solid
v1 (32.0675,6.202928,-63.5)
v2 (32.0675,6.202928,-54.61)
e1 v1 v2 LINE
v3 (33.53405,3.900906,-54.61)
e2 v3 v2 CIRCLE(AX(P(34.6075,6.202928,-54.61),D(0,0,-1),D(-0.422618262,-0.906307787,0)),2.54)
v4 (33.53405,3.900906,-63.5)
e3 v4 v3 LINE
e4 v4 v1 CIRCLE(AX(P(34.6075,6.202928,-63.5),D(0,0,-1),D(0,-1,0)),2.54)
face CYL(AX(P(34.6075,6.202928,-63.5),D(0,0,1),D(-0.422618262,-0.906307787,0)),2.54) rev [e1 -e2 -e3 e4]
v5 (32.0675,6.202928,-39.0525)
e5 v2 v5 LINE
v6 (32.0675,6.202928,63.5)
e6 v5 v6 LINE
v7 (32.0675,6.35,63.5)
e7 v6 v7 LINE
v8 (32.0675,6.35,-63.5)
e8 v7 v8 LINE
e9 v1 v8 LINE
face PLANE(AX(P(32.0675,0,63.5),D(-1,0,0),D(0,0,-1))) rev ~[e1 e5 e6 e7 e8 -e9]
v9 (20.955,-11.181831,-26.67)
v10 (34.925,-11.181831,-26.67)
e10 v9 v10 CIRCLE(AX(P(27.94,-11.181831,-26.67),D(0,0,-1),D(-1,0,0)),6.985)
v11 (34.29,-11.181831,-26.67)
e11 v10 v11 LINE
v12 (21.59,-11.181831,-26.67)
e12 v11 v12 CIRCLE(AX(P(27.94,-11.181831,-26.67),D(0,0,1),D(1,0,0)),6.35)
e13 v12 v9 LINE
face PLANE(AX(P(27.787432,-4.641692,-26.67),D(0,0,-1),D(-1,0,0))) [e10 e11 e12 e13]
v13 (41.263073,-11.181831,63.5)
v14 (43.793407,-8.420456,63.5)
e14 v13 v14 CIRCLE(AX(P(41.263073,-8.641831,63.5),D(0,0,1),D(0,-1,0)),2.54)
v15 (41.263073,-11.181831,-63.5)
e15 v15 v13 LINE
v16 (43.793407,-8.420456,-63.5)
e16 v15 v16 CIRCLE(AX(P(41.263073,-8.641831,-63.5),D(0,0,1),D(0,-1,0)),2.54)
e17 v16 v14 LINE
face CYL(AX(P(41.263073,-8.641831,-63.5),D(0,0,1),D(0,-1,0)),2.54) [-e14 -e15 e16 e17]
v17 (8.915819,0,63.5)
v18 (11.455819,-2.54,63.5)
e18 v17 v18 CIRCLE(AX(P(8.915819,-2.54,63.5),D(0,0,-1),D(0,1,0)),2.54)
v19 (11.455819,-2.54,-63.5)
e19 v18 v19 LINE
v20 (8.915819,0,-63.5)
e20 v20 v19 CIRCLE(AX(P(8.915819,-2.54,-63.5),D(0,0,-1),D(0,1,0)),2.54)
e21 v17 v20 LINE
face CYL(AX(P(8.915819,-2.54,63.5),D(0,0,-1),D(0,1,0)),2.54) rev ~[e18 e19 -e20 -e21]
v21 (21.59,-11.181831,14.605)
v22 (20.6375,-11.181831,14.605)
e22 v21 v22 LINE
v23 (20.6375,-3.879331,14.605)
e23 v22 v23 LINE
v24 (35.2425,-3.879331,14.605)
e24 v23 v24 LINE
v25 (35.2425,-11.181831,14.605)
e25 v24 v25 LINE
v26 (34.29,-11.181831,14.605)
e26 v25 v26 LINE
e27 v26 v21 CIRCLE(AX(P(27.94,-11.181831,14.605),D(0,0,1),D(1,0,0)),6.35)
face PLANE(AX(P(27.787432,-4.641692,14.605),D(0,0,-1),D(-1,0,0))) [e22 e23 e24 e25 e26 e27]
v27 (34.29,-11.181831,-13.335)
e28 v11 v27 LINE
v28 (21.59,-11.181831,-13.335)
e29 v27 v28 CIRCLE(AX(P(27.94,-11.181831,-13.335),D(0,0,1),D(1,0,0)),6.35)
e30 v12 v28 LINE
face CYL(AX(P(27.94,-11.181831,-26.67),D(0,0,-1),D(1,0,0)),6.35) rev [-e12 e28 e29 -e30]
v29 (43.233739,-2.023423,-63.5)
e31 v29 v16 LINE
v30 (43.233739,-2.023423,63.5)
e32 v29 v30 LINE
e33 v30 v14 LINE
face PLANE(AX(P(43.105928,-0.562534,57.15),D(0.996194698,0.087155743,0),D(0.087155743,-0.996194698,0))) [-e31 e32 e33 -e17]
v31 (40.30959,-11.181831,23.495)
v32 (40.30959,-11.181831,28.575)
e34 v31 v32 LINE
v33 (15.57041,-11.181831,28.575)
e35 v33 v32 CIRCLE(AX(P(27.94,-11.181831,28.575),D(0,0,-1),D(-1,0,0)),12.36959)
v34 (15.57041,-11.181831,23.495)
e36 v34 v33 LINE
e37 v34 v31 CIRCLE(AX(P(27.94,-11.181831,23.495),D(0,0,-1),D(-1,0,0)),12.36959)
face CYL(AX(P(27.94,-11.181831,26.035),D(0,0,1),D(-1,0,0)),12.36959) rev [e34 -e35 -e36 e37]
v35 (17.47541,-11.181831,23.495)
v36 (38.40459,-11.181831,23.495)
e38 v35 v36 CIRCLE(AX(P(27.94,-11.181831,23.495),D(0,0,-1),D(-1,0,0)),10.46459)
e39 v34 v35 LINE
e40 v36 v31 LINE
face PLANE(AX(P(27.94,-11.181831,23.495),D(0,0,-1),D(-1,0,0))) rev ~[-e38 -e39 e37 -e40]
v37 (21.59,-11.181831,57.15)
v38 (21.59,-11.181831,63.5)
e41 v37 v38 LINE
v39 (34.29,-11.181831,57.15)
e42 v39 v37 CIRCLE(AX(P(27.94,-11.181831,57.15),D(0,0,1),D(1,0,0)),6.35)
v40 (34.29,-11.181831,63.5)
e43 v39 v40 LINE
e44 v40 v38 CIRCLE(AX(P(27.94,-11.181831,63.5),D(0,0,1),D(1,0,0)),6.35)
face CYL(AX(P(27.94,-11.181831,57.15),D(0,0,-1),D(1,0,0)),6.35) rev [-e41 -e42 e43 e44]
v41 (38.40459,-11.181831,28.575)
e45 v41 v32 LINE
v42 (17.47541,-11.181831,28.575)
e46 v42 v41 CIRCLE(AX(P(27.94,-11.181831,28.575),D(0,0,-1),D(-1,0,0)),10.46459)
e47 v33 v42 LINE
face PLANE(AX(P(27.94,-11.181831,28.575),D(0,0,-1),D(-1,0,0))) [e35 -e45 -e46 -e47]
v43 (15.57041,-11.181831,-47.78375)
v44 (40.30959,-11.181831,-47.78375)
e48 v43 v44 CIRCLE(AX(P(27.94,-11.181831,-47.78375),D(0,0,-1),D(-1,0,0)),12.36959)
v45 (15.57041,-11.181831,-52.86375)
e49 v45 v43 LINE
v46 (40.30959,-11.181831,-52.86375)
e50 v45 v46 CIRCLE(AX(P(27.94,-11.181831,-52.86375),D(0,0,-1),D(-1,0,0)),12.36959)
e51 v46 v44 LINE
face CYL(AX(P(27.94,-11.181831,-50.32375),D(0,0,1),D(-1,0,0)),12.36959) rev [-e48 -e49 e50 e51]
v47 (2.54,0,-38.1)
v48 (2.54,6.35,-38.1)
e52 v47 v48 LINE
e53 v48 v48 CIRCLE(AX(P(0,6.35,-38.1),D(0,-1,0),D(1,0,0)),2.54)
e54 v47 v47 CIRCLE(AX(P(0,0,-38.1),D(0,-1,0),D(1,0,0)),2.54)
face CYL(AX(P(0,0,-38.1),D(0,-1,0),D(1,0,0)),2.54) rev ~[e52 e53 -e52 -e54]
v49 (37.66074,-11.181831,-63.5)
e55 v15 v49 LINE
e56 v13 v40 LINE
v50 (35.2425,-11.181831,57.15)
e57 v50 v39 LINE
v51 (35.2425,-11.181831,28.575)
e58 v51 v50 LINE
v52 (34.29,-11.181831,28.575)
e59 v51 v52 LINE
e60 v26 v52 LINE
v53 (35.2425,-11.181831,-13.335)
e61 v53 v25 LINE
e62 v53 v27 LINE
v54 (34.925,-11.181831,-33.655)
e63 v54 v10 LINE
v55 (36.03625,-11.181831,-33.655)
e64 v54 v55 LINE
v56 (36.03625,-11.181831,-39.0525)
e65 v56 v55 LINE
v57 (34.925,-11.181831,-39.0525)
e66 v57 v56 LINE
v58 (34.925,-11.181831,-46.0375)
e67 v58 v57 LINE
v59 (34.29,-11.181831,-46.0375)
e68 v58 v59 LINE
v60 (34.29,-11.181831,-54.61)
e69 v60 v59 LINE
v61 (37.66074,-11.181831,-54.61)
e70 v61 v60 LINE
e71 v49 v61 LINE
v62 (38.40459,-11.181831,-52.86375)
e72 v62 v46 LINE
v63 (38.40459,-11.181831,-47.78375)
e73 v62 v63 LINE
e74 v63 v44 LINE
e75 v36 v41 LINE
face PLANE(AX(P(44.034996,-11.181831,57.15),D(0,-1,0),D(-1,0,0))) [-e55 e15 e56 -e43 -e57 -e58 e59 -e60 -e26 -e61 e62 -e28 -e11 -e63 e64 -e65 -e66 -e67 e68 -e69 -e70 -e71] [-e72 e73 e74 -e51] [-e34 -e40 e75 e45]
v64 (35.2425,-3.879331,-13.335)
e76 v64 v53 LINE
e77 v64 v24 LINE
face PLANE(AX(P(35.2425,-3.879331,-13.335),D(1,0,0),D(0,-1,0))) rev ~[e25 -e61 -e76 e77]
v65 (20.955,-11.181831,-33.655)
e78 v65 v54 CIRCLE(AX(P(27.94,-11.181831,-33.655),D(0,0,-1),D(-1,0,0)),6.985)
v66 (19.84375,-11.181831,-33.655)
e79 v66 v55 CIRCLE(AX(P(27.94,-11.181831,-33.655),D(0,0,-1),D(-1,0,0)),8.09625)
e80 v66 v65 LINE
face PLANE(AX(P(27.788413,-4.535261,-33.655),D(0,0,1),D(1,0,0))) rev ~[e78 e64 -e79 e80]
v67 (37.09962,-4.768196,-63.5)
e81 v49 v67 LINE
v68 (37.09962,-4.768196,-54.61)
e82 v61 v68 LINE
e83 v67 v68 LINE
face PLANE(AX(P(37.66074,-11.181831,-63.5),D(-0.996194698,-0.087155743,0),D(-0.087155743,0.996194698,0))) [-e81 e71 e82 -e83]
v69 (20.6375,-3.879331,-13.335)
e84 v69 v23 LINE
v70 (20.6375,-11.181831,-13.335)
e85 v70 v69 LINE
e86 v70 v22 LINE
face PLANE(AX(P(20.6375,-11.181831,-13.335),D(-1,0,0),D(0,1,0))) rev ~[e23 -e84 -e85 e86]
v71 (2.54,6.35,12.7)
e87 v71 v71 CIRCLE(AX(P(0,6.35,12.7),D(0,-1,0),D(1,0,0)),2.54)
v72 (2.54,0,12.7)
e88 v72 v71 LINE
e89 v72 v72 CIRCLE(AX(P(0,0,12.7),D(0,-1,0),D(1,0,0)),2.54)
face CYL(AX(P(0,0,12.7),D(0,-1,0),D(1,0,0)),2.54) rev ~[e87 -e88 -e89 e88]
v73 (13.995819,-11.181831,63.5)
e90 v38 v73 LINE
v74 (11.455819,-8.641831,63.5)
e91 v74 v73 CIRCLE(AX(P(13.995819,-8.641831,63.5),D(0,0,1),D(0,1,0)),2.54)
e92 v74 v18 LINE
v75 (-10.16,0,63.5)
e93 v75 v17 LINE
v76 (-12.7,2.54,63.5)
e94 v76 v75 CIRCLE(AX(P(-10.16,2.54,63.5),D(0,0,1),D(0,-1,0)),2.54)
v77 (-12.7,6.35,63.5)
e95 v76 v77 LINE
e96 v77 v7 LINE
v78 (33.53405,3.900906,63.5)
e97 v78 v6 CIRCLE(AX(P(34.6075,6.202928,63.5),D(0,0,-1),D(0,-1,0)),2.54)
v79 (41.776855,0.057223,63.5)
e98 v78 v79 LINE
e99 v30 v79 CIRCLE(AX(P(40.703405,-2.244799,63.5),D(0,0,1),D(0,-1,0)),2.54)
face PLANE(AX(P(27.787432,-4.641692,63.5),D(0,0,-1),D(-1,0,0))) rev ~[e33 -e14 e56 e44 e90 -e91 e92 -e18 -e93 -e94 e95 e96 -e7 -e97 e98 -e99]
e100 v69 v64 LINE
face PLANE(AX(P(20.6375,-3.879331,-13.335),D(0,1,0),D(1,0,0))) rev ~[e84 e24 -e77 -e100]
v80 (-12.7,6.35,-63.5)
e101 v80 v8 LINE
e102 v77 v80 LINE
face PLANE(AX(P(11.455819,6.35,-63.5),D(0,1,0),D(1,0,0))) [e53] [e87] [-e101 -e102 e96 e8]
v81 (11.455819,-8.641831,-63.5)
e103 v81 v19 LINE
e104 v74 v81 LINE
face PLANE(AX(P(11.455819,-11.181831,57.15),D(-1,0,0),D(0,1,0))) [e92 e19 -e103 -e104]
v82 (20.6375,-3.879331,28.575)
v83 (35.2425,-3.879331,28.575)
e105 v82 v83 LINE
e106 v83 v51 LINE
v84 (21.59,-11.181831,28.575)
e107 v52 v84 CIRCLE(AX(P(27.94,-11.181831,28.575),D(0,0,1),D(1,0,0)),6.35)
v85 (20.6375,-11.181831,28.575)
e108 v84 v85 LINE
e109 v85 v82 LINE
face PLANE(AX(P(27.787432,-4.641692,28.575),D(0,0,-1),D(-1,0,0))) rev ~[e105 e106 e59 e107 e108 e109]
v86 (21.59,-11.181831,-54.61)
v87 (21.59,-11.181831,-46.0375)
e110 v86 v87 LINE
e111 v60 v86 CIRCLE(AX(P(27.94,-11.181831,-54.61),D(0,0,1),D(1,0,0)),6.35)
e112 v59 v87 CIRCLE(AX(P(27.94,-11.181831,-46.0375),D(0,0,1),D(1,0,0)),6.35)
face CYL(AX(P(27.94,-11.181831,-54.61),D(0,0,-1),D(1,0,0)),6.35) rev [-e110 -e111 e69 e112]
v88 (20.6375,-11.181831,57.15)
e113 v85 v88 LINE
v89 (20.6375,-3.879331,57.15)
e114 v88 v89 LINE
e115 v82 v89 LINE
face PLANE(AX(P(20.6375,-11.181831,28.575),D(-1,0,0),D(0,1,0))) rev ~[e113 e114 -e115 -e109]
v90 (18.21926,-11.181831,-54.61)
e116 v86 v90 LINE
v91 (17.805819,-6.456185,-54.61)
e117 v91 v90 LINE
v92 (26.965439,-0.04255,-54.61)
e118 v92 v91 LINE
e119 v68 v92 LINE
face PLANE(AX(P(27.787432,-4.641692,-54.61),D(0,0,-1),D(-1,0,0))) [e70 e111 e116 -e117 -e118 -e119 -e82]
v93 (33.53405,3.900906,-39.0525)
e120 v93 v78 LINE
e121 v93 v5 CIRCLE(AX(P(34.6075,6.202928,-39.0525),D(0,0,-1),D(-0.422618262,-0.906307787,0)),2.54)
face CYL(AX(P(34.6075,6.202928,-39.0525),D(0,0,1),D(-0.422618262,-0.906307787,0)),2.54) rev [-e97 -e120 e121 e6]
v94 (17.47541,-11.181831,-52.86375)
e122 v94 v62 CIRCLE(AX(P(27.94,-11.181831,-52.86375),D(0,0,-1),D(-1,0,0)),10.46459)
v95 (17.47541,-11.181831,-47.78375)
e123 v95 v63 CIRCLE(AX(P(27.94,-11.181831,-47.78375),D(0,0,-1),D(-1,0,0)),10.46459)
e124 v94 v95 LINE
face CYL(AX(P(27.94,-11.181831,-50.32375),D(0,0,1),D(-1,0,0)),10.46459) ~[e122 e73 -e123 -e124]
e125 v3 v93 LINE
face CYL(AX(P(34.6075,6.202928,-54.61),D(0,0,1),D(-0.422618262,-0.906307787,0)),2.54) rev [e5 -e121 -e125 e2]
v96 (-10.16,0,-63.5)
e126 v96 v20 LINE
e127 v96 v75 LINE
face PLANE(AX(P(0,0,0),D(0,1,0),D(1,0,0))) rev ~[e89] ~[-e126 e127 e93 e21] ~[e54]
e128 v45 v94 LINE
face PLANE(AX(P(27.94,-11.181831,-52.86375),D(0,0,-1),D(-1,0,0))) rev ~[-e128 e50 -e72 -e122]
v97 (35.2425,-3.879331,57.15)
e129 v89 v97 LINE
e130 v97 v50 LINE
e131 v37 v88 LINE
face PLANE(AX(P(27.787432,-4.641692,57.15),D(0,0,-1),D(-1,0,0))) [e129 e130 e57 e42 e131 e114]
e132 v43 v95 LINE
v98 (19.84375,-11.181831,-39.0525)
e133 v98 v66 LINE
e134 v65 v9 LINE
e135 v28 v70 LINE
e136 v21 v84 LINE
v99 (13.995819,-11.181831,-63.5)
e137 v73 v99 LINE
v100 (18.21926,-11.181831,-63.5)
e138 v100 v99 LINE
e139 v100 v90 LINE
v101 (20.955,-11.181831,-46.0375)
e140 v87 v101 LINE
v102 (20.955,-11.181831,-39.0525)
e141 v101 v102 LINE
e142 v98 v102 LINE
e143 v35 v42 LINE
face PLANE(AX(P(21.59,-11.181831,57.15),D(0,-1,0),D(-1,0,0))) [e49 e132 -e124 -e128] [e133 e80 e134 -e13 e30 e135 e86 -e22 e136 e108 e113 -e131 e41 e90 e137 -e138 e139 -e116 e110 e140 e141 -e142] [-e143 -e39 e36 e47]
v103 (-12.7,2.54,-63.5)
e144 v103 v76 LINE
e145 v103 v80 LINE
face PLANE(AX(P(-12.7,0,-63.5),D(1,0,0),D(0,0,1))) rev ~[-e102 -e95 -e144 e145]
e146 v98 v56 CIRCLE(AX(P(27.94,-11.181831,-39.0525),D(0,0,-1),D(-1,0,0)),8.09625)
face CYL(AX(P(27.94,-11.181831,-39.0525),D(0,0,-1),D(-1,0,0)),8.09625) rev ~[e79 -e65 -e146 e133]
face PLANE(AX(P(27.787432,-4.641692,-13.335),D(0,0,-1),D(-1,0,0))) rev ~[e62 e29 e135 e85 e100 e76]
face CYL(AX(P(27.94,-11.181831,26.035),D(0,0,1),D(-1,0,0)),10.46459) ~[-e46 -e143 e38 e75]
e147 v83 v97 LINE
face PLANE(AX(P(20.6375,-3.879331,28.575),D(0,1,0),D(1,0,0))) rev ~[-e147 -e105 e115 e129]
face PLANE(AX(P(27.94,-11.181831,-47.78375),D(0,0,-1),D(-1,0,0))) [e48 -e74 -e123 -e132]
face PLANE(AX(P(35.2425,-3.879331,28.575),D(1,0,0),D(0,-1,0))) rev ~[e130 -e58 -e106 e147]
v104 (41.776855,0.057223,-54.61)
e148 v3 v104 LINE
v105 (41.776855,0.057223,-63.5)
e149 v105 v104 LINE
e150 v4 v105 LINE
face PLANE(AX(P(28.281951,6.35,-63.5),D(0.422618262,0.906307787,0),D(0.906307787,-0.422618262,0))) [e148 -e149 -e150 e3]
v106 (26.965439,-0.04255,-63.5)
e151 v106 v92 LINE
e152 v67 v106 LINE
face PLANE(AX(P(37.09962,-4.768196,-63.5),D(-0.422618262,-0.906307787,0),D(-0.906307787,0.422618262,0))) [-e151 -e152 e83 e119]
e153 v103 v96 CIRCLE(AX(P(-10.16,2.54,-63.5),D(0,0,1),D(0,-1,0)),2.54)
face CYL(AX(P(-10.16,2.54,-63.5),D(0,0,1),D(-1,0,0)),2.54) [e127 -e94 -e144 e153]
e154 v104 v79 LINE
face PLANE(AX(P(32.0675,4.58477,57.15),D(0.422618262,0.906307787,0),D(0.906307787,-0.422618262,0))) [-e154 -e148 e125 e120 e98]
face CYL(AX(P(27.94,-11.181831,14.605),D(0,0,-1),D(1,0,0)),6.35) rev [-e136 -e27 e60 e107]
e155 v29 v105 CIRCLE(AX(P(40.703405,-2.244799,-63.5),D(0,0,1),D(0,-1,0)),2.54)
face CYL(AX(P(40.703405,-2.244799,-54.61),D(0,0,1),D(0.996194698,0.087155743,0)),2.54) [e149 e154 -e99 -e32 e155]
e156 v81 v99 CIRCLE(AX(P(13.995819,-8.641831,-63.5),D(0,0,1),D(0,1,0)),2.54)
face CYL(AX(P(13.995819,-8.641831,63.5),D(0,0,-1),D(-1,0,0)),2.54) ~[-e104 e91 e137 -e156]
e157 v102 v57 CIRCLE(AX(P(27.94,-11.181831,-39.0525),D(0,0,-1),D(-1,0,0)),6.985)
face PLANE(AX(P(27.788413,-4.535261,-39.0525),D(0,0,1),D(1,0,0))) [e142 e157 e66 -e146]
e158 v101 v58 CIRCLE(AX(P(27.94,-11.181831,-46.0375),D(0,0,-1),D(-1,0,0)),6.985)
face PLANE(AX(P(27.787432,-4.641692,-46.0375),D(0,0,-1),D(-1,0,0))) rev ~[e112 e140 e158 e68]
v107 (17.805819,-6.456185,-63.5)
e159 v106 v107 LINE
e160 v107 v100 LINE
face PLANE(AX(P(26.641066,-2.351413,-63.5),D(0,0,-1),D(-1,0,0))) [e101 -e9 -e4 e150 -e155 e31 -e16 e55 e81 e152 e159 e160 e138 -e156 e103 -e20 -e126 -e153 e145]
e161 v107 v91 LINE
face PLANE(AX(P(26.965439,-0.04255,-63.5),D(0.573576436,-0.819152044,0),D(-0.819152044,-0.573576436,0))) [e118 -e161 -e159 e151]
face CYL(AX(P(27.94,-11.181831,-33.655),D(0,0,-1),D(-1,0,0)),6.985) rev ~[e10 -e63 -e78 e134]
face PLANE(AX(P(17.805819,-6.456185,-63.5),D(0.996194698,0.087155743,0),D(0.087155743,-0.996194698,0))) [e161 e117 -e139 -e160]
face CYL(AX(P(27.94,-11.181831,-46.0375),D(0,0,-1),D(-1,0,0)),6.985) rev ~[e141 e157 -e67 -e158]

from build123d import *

# Parameters (mm, degrees)
SKETCH1_W            = 64.135
SKETCH1_H            = 127
BOSS_EXTRUDE1_DEPTH  = 6.35
BOSS_EXTRUDE13_DEPTH = 8.89
BOSS_EXTRUDE14_DEPTH = 8.5725
BOSS_EXTRUDE15_DEPTH = 6.985
BOSS_EXTRUDE16_DEPTH = 5.3975
BOSS_EXTRUDE17_START = 12.3825
BOSS_EXTRUDE17_DEPTH = 6.985
BOSS_EXTRUDE18_START = 27.94
BOSS_EXTRUDE18_DEPTH = 13.335
BOSS_EXTRUDE19_DEPTH = 27.94
BOSS_EXTRUDE20_START = 69.215
BOSS_EXTRUDE20_DEPTH = 13.97
BOSS_EXTRUDE21_START = 41.91
BOSS_EXTRUDE21_DEPTH = 28.575
BOSS_EXTRUDE22_START = 111.76
BOSS_EXTRUDE22_DEPTH = 6.35
SKETCH18_R           = 2.54
SKETCH18_W           = 19.3675
SKETCH18_H           = 127
CUT_EXTRUDE5_DEPTH   = 7.35
SKETCH20_W           = 1.905
SKETCH20_H           = 5.08
FILLET3_R            = 2.54


with BuildPart() as part:
    # Sketch1 → Boss-Extrude1 (new body)
    with BuildSketch(Plane(origin=(0, 0, 0), x_dir=(1, 0, 0), z_dir=(0, 1, 0))):
        Rectangle(SKETCH1_W, SKETCH1_H)
    extrude(amount=BOSS_EXTRUDE1_DEPTH)

    # Sketch12 → Boss-Extrude13 (add)
    with BuildSketch(Plane(origin=(0, 0, -63.5), x_dir=(-1, 0, 0), z_dir=(0, 0, -1))):
        Polygon((-37.660740352, -11.181831339), (-37.09962, -4.768196367), (-26.965439184, -0.042550244), (-17.805819185, -6.456185215), (-18.219259648, -11.181831339), (-11.455819185, -11.181831339), (-11.455819185, 6.35), (-28.281950999, 6.35), (-43.105928196, -0.562534091), (-44.03499632, -11.181831339), align=None)
    extrude(amount=-BOSS_EXTRUDE13_DEPTH)

    # Sketch13 → Boss-Extrude14 (add)
    with BuildSketch(Plane.XY.offset(-54.61)):
        with BuildLine():
            Line((44.03499632, -11.181831339), (34.29, -11.181831339))
            ThreePointArc((34.29, -11.181831339), (27.94, -4.831831339), (21.59, -11.181831339))
            Line((21.59, -11.181831339), (11.455819185, -11.181831339))
            Line((11.455819185, -11.181831339), (11.455819185, 0))
            Line((11.455819185, 0), (32.0675, 0))
            Line((32.0675, 0), (32.0675, 4.584769511))
            Line((32.0675, 4.584769511), (43.105928196, -0.562534091))
            Line((43.105928196, -0.562534091), (44.03499632, -11.181831339))
        make_face()
    extrude(amount=BOSS_EXTRUDE14_DEPTH)

    # Sketch14 → Boss-Extrude15 (add)
    with BuildSketch(Plane.XY.offset(-46.0375)):
        with BuildLine():
            Line((34.925, -11.181831339), (44.03499632, -11.181831339))
            Line((44.03499632, -11.181831339), (43.105928196, -0.562534091))
            Line((43.105928196, -0.562534091), (32.0675, 4.584769511))
            Line((32.0675, 4.584769511), (32.0675, 0))
            Line((32.0675, 0), (11.455819185, 0))
            Line((11.455819185, 0), (11.455819185, -11.181831339))
            Line((11.455819185, -11.181831339), (20.955, -11.181831339))
            ThreePointArc((20.955, -11.181831339), (27.94, -4.196831339), (34.925, -11.181831339))
        make_face()
    extrude(amount=BOSS_EXTRUDE15_DEPTH)

    # Sketch15 → Boss-Extrude16 (add)
    with BuildSketch(Plane.XY.offset(-39.0525)):
        with BuildLine():
            Line((36.03625, -11.181831339), (44.03499632, -11.181831339))
            Line((44.03499632, -11.181831339), (43.105928196, -0.562534091))
            Line((43.105928196, -0.562534091), (32.0675, 4.584769511))
            Line((32.0675, 4.584769511), (32.0675, 0))
            Line((32.0675, 0), (11.455819185, 0))
            Line((11.455819185, 0), (11.455819185, -11.181831339))
            Line((11.455819185, -11.181831339), (19.84375, -11.181831339))
            ThreePointArc((19.84375, -11.181831339), (27.94, -3.085581339), (36.03625, -11.181831339))
        make_face()
    extrude(amount=BOSS_EXTRUDE16_DEPTH)

    # Sketch14_2 → Boss-Extrude17 (add)
    with BuildSketch(Plane.XY.offset(-46.0375).offset(BOSS_EXTRUDE17_START)):
        with BuildLine():
            Line((34.925, -11.181831339), (44.03499632, -11.181831339))
            Line((44.03499632, -11.181831339), (43.105928196, -0.562534091))
            Line((43.105928196, -0.562534091), (32.0675, 4.584769511))
            Line((32.0675, 4.584769511), (32.0675, 0))
            Line((32.0675, 0), (11.455819185, 0))
            Line((11.455819185, 0), (11.455819185, -11.181831339))
            Line((11.455819185, -11.181831339), (20.955, -11.181831339))
            ThreePointArc((20.955, -11.181831339), (27.94, -4.196831339), (34.925, -11.181831339))
        make_face()
    extrude(amount=BOSS_EXTRUDE17_DEPTH)

    # Sketch13_2 → Boss-Extrude18 (add)
    with BuildSketch(Plane.XY.offset(-54.61).offset(BOSS_EXTRUDE18_START)):
        with BuildLine():
            Line((44.03499632, -11.181831339), (34.29, -11.181831339))
            ThreePointArc((34.29, -11.181831339), (27.94, -4.831831339), (21.59, -11.181831339))
            Line((21.59, -11.181831339), (11.455819185, -11.181831339))
            Line((11.455819185, -11.181831339), (11.455819185, 0))
            Line((11.455819185, 0), (32.0675, 0))
            Line((32.0675, 0), (32.0675, 4.584769511))
            Line((32.0675, 4.584769511), (43.105928196, -0.562534091))
            Line((43.105928196, -0.562534091), (44.03499632, -11.181831339))
        make_face()
    extrude(amount=BOSS_EXTRUDE18_DEPTH)

    # Sketch16 → Boss-Extrude19 (add)
    with BuildSketch(Plane.XY.offset(-13.335)):
        Polygon((20.6375, -11.181831339), (20.6375, -3.879331339), (35.2425, -3.879331339), (35.2425, -11.181831339), (44.03499632, -11.181831339), (43.105928196, -0.562534091), (32.0675, 4.584769511), (32.0675, 0), (11.455819185, 0), (11.455819185, -11.181831339), align=None)
    extrude(amount=BOSS_EXTRUDE19_DEPTH)

    # Sketch13_3 → Boss-Extrude20 (add)
    with BuildSketch(Plane.XY.offset(-54.61).offset(BOSS_EXTRUDE20_START)):
        with BuildLine():
            Line((44.03499632, -11.181831339), (34.29, -11.181831339))
            ThreePointArc((34.29, -11.181831339), (27.94, -4.831831339), (21.59, -11.181831339))
            Line((21.59, -11.181831339), (11.455819185, -11.181831339))
            Line((11.455819185, -11.181831339), (11.455819185, 0))
            Line((11.455819185, 0), (32.0675, 0))
            Line((32.0675, 0), (32.0675, 4.584769511))
            Line((32.0675, 4.584769511), (43.105928196, -0.562534091))
            Line((43.105928196, -0.562534091), (44.03499632, -11.181831339))
        make_face()
    extrude(amount=BOSS_EXTRUDE20_DEPTH)

    # Sketch16_2 → Boss-Extrude21 (add)
    with BuildSketch(Plane.XY.offset(-13.335).offset(BOSS_EXTRUDE21_START)):
        Polygon((20.6375, -11.181831339), (20.6375, -3.879331339), (35.2425, -3.879331339), (35.2425, -11.181831339), (44.03499632, -11.181831339), (43.105928196, -0.562534091), (32.0675, 4.584769511), (32.0675, 0), (11.455819185, 0), (11.455819185, -11.181831339), align=None)
    extrude(amount=BOSS_EXTRUDE21_DEPTH)

    # Sketch13_4 → Boss-Extrude22 (add)
    with BuildSketch(Plane.XY.offset(-54.61).offset(BOSS_EXTRUDE22_START)):
        with BuildLine():
            Line((44.03499632, -11.181831339), (34.29, -11.181831339))
            ThreePointArc((34.29, -11.181831339), (27.94, -4.831831339), (21.59, -11.181831339))
            Line((21.59, -11.181831339), (11.455819185, -11.181831339))
            Line((11.455819185, -11.181831339), (11.455819185, 0))
            Line((11.455819185, 0), (32.0675, 0))
            Line((32.0675, 0), (32.0675, 4.584769511))
            Line((32.0675, 4.584769511), (43.105928196, -0.562534091))
            Line((43.105928196, -0.562534091), (44.03499632, -11.181831339))
        make_face()
    extrude(amount=BOSS_EXTRUDE22_DEPTH)

    # Sketch18 → Cut-Extrude5 (cut, through all)
    with BuildSketch(Plane.XZ):
        with Locations((0, 12.7)):
            Circle(SKETCH18_R)
        with Locations((0, -38.1)):
            Circle(SKETCH18_R)
        with Locations((-22.38375, 0)):
            Rectangle(SKETCH18_W, SKETCH18_H)
    extrude(amount=-CUT_EXTRUDE5_DEPTH, mode=Mode.SUBTRACT)

    # Sketch20 → Cut-Revolve1 (revolve, cut)
    with BuildSketch(Plane.XZ.offset(11.181831339)):
        with Locations((16.522909592, -50.32375)):
            Rectangle(SKETCH20_W, SKETCH20_H)
        with Locations((16.522909592, 26.035)):
            Rectangle(SKETCH20_W, SKETCH20_H)
    revolve(axis=Axis((27.94, -11.181831339, 63.5), (0, 0, -1)), mode=Mode.SUBTRACT)

    # Fillet3
    fillet3_edges = [part.edges().sort_by_distance(p)[0] for p in [
        (11.455819185, 0, 0),
        (43.105928196, -0.562534091, 0),
        (44.03499632, -11.181831339, 0),
        (32.0675, 4.584769511, 0),
        (11.455819185, -11.181831339, 0),
        (-12.7, 0, 0),
    ]]
    fillet(fillet3_edges, radius=FILLET3_R)


solid = part.part
